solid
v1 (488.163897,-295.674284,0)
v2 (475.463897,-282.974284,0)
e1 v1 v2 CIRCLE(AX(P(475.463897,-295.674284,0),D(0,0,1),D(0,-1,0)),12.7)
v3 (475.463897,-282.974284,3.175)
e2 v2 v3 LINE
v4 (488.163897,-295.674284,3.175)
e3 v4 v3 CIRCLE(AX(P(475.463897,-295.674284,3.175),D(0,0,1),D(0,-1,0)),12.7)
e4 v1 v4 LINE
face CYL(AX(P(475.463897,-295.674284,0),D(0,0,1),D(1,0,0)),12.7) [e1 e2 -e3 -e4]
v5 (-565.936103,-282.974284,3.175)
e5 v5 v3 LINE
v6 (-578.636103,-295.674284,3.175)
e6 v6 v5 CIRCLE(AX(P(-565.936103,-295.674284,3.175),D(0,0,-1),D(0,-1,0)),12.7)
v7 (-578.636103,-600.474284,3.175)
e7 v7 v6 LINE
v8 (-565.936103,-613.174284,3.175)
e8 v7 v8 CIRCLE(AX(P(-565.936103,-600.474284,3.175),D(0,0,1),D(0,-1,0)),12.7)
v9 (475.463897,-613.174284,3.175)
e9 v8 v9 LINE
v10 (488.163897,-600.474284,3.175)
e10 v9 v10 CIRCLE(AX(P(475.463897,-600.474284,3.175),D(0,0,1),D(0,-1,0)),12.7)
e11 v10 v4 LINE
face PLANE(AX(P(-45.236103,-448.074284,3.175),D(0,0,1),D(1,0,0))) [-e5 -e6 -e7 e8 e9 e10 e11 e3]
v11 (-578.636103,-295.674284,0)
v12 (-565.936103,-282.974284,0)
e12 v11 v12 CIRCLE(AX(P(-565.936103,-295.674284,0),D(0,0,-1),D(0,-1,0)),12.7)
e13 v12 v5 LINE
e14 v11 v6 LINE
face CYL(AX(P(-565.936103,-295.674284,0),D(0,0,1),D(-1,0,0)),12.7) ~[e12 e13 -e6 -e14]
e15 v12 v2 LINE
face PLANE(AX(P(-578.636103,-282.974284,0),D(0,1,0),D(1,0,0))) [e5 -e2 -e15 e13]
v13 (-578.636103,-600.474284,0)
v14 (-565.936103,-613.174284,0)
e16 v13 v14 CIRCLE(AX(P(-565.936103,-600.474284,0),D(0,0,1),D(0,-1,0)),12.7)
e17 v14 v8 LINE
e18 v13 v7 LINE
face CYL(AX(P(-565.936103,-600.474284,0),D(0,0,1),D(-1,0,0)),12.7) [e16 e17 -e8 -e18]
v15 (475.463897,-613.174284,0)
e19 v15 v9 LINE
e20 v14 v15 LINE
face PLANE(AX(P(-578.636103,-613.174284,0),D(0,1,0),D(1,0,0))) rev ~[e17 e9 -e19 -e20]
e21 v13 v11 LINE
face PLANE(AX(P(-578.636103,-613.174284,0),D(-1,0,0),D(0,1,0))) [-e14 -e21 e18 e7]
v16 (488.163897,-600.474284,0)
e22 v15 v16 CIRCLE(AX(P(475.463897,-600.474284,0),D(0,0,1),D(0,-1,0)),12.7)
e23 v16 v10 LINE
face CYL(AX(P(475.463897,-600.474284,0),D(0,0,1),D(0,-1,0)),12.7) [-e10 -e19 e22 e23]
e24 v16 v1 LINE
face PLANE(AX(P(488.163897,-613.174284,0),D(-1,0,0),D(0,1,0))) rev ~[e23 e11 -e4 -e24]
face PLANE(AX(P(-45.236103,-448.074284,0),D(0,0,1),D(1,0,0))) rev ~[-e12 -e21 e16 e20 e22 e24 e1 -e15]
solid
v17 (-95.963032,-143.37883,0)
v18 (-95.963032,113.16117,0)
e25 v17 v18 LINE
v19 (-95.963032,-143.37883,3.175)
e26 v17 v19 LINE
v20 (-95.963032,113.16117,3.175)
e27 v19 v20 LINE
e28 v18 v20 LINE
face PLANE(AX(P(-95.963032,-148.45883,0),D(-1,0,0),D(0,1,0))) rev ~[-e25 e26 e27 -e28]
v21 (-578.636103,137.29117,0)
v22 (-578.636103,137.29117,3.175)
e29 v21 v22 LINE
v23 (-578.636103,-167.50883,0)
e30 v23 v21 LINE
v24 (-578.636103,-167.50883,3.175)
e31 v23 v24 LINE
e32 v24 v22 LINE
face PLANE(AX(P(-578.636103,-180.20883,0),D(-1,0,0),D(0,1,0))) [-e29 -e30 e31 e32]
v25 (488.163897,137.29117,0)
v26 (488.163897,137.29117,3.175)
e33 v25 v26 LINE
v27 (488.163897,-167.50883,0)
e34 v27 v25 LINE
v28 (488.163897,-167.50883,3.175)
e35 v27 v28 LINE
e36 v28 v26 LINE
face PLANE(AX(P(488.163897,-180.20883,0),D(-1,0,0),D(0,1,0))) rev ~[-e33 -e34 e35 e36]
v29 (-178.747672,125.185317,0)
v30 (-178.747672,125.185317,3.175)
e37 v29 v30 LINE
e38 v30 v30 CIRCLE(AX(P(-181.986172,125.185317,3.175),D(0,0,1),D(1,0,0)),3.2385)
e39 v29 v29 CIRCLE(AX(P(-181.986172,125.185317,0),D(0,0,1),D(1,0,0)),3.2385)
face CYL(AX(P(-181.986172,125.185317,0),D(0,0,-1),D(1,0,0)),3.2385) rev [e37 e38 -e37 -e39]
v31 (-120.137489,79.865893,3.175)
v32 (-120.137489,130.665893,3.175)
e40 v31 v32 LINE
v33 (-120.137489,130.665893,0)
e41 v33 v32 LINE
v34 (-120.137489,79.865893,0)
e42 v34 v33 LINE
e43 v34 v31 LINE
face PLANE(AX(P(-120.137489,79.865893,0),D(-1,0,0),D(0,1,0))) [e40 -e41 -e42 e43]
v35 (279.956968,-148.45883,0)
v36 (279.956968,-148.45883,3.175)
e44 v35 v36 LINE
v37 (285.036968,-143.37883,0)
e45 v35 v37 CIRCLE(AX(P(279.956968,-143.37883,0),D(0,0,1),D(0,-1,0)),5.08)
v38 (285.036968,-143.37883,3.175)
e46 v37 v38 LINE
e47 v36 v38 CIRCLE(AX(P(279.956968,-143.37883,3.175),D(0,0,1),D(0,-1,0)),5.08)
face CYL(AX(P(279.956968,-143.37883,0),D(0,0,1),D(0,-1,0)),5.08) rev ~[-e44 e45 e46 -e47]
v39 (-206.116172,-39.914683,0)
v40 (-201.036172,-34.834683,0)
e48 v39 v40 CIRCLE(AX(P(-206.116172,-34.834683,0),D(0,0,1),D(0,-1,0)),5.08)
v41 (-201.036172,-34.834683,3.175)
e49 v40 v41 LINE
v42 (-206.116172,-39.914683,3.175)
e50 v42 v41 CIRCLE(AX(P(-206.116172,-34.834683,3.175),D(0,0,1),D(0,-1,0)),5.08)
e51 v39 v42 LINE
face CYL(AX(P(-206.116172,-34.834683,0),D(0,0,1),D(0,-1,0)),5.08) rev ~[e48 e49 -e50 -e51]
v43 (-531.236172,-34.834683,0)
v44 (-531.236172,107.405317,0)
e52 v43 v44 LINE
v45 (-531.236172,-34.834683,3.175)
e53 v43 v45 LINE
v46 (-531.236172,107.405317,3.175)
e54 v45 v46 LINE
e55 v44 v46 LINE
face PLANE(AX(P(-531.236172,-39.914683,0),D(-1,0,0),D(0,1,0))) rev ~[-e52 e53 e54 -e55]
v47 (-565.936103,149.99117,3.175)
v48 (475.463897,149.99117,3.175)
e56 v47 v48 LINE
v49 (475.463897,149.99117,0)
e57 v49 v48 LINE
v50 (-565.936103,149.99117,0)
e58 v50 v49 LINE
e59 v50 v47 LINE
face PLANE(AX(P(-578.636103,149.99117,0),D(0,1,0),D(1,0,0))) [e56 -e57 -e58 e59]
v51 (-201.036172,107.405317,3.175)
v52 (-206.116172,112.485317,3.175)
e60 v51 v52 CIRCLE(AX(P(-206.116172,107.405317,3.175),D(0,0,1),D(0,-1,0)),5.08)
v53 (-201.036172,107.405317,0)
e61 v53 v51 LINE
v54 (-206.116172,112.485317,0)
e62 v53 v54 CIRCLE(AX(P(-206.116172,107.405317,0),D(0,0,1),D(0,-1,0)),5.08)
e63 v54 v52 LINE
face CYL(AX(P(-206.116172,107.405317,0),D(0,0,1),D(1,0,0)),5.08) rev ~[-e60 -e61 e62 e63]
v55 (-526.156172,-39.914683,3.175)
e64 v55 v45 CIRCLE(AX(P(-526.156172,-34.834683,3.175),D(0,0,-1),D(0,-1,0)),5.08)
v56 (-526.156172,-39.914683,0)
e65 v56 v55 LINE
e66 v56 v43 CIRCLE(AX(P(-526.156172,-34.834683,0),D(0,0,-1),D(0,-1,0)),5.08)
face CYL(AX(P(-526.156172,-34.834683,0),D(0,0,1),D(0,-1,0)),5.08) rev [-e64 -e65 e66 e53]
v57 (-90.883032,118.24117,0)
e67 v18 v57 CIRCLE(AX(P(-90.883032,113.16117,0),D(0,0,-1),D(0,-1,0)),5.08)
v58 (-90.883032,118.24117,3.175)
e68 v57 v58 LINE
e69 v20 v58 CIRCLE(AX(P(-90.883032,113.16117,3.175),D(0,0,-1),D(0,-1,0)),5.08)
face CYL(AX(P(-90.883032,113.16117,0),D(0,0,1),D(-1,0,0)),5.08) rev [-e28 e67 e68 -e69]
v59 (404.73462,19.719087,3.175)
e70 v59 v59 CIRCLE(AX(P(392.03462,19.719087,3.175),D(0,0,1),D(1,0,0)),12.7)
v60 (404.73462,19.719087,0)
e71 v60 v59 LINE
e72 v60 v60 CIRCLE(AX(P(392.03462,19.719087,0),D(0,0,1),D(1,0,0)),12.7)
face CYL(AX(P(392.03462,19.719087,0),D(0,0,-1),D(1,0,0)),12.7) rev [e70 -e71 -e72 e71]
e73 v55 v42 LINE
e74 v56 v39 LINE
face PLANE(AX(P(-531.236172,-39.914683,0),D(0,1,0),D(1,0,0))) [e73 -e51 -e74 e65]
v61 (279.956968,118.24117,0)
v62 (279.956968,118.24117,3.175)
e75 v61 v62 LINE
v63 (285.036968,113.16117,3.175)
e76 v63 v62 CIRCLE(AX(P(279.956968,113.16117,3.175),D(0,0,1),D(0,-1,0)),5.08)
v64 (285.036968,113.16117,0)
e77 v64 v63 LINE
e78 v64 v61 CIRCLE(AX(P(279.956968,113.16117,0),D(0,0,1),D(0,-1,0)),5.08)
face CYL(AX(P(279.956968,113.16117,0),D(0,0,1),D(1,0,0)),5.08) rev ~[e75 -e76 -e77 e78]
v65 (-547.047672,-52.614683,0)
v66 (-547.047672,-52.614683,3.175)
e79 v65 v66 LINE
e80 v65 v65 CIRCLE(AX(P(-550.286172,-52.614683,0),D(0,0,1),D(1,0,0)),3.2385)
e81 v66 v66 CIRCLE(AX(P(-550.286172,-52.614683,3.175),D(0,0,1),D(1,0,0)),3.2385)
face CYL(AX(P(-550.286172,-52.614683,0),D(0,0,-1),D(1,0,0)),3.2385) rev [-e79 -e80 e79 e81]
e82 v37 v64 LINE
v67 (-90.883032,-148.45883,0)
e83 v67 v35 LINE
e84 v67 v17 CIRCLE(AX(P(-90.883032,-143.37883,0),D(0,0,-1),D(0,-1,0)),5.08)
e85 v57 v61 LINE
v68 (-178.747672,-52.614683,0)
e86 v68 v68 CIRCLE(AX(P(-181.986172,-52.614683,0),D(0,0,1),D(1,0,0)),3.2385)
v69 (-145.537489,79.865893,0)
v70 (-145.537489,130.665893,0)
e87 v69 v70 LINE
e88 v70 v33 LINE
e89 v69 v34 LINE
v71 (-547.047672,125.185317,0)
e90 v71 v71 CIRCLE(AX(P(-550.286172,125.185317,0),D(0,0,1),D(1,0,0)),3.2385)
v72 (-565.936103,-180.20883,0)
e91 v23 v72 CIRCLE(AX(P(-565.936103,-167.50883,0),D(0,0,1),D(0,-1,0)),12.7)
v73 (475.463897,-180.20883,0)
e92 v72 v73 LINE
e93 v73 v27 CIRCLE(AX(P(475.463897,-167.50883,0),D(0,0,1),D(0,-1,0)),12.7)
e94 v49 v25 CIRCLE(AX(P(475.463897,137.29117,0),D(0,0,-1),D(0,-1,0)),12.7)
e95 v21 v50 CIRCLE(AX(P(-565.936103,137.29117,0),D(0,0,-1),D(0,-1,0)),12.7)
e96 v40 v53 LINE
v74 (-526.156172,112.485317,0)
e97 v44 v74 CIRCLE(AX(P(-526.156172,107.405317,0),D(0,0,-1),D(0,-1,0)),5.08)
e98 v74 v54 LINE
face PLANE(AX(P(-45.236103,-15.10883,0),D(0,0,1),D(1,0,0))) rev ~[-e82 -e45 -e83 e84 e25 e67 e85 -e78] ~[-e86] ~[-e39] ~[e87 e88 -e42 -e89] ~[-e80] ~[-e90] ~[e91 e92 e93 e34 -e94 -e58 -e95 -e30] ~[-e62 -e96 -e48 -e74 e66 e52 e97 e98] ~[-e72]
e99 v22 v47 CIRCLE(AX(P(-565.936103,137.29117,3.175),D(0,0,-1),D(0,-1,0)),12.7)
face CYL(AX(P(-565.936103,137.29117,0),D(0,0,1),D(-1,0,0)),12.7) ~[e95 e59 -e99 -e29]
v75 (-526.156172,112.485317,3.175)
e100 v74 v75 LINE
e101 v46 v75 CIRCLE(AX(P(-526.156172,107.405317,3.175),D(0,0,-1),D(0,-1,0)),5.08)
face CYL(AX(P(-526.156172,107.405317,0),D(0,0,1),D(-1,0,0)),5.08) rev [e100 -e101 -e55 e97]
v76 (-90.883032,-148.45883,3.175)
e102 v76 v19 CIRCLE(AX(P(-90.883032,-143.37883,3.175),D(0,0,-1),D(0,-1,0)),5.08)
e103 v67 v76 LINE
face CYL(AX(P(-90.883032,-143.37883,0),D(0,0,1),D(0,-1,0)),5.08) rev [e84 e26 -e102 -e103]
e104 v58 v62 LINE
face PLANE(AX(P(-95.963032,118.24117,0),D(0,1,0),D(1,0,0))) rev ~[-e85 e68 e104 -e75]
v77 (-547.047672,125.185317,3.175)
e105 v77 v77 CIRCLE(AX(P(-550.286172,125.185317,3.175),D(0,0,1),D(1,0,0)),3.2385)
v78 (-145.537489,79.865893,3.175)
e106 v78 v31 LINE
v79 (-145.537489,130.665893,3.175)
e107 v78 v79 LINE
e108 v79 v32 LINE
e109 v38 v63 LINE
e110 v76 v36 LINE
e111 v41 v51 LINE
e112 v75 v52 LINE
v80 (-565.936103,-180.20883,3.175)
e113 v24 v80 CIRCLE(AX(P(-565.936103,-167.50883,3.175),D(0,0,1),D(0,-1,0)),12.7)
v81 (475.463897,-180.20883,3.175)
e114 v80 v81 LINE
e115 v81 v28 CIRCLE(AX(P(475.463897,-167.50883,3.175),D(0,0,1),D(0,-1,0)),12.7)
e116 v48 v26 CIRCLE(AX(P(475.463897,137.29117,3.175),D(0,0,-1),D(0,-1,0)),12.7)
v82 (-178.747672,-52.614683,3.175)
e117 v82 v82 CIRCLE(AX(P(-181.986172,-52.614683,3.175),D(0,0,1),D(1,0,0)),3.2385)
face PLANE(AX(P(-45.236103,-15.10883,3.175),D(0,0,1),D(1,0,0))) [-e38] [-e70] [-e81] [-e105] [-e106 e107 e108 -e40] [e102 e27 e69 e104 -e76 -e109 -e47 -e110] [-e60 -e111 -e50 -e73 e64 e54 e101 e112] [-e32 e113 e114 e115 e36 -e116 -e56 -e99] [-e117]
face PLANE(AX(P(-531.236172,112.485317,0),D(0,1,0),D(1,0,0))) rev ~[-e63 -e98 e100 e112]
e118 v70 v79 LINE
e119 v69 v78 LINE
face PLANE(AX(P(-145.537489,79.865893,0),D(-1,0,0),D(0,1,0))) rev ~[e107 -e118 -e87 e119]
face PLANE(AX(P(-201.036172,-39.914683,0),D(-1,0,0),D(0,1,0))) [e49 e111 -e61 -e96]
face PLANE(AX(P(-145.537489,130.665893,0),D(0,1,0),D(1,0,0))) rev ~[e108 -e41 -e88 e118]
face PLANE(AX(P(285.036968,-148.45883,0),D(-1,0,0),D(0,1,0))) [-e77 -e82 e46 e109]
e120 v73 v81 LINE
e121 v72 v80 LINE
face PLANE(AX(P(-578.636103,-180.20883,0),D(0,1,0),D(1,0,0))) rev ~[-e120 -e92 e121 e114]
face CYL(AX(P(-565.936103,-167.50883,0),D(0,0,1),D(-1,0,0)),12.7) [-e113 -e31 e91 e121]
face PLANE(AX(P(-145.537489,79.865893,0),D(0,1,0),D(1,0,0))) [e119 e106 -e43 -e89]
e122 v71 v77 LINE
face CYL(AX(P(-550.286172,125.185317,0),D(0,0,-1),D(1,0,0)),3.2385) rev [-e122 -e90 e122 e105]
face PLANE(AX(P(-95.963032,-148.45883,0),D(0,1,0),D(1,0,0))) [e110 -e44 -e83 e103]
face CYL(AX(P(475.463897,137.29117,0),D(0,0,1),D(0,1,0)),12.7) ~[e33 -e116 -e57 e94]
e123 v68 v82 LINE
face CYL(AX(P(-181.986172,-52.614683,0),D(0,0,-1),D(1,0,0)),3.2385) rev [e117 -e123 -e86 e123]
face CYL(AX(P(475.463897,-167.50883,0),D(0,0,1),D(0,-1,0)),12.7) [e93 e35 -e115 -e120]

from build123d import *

# Parameters (mm, degrees)
F0_W     = 1066.8
F0_H     = 330.2
F0_R     = 3.2385
F0_W_2   = 330.2
F0_H_2   = 152.4
F0_W_3   = 25.4
F0_H_3   = 50.8
F0_W_4   = 381
F0_H_4   = 266.7
F0_R_2   = 12.7
F1_DEPTH = 3.175
F2_DEPTH = 3.175
F3_R     = 5.08
F4_R     = 12.7
F4_2_R   = 12.7


with BuildPart() as f1:
    # F0 (on Top) → F1 (new body)
    with BuildSketch(Plane.XY):
        with Locations((-45.236103, -15.10883)):
            Rectangle(F0_W, F0_H)
        with Locations((-550.286172, -52.614683)):
            Circle(F0_R, mode=Mode.SUBTRACT)
        with Locations((-181.986172, -52.614683)):
            Circle(F0_R, mode=Mode.SUBTRACT)
        with Locations((-366.136172, 36.285317)):
            Rectangle(F0_W_2, F0_H_2, mode=Mode.SUBTRACT)
        with Locations((-550.286172, 125.185317)):
            Circle(F0_R, mode=Mode.SUBTRACT)
        with Locations((-181.986172, 125.185317)):
            Circle(F0_R, mode=Mode.SUBTRACT)
        with Locations((-132.837489, 105.265893)):
            Rectangle(F0_W_3, F0_H_3, mode=Mode.SUBTRACT)
        with Locations((94.536968, -15.10883)):
            Rectangle(F0_W_4, F0_H_4, mode=Mode.SUBTRACT)
        with Locations((392.03462, 19.719087)):
            Circle(F0_R_2, mode=Mode.SUBTRACT)
    extrude(amount=F1_DEPTH)

    # F3
    f3_edges = [f1.edges().sort_by_distance(p)[0] for p in [
        (-531.236172, 112.485317, 1.5875),
        (-531.236172, -39.914683, 1.5875),
        (-201.036172, -39.914683, 1.5875),
        (-201.036172, 112.485317, 1.5875),
        (-95.963032, 118.24117, 1.5875),
        (-95.963032, -148.45883, 1.5875),
        (285.036968, -148.45883, 1.5875),
        (285.036968, 118.24117, 1.5875),
    ]]
    fillet(f3_edges, radius=F3_R)

    # F4
    f4_edges = [f1.edges().sort_by_distance(p)[0] for p in [
        (-578.636103, 149.99117, 1.5875),
        (-578.636103, -180.20883, 1.5875),
        (488.163897, -180.20883, 1.5875),
        (488.163897, 149.99117, 1.5875),
    ]]
    fillet(f4_edges, radius=F4_R)


with BuildPart() as f2:
    # F0 (on Top) → F2 (new body)
    with BuildSketch(Plane.XY):
        with Locations((-45.236103, -448.074284)):
            Rectangle(F0_W, F0_H)
    extrude(amount=F2_DEPTH)

    # F4#2
    f4_2_edges = [f2.edges().sort_by_distance(p)[0] for p in [
        (-578.636103, -282.974284, 1.5875),
        (-578.636103, -613.174284, 1.5875),
        (488.163897, -613.174284, 1.5875),
        (488.163897, -282.974284, 1.5875),
    ]]
    fillet(f4_2_edges, radius=F4_2_R)


solid = Compound([f1.part, f2.part])
